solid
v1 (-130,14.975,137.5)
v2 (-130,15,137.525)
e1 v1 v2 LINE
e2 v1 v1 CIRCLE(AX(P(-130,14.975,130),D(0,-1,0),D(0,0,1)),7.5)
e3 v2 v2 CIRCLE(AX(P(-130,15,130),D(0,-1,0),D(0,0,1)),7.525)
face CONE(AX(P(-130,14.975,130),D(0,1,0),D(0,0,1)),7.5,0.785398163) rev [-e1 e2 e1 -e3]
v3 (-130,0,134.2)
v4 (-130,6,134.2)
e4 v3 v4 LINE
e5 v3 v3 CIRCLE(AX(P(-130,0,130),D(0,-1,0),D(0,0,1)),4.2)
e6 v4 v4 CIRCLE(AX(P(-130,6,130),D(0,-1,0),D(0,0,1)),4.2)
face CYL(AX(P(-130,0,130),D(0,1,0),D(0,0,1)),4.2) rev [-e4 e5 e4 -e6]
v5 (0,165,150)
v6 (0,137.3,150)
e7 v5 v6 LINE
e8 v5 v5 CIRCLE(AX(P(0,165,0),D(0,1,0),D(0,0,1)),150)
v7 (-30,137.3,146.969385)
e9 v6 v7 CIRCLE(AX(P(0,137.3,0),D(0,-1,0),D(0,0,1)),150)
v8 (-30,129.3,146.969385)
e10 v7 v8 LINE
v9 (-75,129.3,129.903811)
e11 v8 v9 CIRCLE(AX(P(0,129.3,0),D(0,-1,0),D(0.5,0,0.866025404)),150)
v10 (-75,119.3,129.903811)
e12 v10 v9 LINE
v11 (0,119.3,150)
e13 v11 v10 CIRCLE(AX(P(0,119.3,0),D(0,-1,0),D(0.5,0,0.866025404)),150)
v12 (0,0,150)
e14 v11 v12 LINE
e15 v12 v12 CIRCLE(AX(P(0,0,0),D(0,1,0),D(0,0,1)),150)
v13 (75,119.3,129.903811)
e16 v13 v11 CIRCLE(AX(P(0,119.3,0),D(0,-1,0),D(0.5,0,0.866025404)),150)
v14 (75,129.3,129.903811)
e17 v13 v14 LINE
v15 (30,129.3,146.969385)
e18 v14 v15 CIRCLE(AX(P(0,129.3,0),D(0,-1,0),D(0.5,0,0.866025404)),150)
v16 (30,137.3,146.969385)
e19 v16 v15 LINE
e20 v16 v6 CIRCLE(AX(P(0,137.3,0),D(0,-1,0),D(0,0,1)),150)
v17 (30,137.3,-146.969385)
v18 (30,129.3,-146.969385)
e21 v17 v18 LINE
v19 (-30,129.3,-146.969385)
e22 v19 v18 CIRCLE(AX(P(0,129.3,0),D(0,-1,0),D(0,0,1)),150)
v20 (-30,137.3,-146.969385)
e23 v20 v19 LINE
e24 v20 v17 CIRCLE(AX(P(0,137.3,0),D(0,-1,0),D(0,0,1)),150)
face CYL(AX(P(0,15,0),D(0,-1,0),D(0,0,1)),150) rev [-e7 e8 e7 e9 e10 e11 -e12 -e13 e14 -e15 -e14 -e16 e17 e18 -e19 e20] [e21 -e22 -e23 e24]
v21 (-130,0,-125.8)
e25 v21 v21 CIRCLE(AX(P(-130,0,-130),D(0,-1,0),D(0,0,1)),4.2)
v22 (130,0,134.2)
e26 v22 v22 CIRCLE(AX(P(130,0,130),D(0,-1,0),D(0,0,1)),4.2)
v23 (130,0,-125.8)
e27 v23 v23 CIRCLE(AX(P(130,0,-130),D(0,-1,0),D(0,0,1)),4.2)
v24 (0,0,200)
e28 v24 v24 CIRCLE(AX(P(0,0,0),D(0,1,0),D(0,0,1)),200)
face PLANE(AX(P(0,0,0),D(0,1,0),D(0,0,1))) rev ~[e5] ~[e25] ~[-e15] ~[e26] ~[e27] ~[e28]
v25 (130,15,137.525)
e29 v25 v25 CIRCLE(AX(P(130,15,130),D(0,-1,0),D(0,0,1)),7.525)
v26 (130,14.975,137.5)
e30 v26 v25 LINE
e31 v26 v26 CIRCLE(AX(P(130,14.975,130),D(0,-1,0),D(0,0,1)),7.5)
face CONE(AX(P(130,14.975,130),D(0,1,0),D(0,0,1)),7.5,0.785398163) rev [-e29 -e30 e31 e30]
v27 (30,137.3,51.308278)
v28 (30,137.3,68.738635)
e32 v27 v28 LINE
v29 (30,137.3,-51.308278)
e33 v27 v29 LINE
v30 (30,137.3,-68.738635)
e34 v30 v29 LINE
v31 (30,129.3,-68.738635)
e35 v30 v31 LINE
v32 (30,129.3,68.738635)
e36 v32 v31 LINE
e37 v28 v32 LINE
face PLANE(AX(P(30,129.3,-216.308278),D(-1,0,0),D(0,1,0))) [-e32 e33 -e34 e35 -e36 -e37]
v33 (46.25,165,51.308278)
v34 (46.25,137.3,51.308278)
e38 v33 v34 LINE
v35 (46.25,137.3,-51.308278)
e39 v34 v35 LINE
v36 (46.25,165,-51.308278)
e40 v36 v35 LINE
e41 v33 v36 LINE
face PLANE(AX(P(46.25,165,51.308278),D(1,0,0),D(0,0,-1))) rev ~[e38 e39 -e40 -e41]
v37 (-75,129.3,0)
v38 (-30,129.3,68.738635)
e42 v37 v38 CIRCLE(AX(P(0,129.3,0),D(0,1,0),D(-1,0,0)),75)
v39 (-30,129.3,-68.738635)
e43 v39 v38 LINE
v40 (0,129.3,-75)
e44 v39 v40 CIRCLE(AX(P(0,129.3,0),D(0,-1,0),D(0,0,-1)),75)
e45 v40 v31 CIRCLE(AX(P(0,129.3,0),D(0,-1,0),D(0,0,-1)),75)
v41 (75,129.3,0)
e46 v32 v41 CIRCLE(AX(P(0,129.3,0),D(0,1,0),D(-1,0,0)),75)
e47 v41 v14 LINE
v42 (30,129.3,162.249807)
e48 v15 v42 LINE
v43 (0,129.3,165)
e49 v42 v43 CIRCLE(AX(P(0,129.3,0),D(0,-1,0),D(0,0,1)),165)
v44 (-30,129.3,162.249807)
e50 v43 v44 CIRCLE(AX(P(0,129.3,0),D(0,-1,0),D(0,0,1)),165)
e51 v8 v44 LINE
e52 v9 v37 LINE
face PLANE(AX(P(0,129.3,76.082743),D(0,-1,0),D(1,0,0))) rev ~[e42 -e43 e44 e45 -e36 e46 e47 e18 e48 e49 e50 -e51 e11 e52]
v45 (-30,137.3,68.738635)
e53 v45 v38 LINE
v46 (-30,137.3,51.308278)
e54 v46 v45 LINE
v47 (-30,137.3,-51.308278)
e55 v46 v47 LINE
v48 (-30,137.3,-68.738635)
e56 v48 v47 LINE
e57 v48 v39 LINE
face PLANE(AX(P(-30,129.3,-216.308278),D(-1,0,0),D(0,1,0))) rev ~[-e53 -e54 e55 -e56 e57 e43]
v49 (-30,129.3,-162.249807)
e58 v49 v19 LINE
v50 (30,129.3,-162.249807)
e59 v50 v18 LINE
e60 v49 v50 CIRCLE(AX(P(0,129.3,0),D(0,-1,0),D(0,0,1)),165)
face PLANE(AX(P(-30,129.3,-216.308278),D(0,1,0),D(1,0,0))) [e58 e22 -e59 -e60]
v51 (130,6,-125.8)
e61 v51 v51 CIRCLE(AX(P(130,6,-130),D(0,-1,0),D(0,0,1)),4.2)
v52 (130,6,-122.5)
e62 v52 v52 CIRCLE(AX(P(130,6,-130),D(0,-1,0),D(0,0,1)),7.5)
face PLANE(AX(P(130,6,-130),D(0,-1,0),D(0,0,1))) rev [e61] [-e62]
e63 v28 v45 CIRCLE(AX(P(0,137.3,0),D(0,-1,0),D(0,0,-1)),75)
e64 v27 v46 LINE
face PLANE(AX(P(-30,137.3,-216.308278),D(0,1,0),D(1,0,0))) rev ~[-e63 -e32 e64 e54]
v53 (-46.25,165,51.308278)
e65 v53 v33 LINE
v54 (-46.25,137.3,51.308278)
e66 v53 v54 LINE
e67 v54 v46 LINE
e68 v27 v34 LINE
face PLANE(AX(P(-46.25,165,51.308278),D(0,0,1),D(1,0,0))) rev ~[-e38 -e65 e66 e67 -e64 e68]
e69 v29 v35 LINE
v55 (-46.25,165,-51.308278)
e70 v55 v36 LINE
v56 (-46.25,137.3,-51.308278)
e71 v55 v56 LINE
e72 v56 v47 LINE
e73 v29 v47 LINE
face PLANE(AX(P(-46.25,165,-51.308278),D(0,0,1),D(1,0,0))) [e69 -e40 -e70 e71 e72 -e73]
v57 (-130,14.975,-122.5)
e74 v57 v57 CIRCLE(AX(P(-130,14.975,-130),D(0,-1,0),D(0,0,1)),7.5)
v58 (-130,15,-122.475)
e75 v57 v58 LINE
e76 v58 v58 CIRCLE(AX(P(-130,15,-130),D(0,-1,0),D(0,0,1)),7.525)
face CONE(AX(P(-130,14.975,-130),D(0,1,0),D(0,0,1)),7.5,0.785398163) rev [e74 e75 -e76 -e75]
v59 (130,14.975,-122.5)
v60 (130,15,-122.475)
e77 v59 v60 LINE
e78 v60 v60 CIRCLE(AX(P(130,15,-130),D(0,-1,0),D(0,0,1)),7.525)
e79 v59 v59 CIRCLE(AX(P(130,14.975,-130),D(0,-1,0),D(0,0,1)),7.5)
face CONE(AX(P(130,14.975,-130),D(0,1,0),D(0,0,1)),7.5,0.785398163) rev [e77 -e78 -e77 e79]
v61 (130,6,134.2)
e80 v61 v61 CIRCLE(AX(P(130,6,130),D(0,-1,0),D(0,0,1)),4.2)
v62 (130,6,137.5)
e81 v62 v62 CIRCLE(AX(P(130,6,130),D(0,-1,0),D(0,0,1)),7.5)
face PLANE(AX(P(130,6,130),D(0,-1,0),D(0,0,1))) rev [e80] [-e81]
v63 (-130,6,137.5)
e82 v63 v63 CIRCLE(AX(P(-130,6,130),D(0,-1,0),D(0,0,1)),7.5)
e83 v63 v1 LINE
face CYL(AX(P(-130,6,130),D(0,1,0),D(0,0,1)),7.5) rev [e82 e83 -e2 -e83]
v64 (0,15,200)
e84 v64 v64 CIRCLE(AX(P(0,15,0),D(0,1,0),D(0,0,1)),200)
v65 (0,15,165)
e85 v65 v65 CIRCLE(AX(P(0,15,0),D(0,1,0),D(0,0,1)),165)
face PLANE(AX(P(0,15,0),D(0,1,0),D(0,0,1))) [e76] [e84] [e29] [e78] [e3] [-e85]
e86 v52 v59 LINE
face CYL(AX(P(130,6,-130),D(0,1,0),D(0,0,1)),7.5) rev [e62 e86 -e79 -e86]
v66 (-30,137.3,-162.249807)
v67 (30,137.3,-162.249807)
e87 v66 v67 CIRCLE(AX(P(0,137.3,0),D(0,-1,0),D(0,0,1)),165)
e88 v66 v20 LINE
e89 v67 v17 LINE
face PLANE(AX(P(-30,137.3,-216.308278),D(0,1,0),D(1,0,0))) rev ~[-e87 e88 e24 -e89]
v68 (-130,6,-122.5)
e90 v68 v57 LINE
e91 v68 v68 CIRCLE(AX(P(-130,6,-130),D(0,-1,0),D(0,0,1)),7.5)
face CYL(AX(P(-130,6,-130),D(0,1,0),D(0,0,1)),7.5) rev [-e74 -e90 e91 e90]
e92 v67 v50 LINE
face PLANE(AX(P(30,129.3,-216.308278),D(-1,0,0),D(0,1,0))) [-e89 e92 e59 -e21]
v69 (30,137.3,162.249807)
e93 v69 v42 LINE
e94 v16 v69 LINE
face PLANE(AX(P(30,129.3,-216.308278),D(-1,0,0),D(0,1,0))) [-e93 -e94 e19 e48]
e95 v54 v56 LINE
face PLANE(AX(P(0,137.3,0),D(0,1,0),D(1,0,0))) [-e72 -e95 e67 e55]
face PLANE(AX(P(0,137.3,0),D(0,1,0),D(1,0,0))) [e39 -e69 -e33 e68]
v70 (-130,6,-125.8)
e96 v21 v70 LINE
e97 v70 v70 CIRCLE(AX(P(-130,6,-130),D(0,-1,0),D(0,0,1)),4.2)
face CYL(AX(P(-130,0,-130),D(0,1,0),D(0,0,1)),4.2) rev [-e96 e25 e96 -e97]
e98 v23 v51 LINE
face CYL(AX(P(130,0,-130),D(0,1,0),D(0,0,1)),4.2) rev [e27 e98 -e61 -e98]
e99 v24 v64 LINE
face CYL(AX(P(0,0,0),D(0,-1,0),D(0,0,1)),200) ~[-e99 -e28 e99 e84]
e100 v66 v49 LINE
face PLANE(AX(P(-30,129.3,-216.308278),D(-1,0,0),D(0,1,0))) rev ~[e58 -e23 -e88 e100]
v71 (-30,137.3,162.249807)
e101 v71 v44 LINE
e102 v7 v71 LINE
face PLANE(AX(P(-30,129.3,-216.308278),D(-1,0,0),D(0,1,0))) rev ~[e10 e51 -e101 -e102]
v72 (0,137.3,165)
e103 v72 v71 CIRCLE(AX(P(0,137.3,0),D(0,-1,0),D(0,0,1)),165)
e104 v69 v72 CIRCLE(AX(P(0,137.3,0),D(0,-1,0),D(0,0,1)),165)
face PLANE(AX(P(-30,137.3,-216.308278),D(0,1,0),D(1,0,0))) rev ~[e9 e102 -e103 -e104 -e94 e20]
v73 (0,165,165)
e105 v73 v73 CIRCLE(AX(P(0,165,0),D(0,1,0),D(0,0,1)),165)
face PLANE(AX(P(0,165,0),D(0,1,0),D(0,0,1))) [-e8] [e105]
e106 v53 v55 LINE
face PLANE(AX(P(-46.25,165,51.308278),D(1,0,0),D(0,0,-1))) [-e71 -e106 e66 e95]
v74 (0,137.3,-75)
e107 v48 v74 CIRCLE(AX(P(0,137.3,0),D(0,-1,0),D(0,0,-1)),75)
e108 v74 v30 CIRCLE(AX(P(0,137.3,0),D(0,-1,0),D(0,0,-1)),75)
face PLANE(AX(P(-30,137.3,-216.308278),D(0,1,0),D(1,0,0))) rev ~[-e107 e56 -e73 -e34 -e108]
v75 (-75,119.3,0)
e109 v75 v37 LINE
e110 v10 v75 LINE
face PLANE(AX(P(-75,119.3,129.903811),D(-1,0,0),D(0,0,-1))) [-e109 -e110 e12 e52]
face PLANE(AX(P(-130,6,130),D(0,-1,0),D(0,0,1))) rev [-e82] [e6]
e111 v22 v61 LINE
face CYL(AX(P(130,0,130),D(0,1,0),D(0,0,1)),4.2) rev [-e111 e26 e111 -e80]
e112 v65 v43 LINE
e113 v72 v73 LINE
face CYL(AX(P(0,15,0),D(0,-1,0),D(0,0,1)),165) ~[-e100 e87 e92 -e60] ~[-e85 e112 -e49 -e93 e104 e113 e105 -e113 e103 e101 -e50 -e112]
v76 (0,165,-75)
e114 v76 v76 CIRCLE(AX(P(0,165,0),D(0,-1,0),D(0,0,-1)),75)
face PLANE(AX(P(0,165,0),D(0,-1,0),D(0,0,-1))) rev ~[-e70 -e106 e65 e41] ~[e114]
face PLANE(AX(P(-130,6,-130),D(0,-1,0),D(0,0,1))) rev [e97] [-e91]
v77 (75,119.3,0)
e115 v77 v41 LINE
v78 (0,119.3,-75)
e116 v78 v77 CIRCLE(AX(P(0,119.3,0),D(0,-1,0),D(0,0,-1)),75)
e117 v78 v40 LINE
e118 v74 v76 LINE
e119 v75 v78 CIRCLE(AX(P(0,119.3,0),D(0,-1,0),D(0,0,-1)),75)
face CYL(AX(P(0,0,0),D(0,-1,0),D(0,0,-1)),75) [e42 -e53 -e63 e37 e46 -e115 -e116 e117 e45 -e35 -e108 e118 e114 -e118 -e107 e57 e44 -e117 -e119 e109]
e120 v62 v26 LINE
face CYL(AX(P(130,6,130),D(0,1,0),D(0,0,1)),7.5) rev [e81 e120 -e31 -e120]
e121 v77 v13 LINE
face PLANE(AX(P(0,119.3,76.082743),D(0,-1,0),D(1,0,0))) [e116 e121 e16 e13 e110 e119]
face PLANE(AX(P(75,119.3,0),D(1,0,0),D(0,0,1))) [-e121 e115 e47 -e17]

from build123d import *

# Parameters (mm, degrees)
SKETCH_1_R                  = 200
SKETCH_1_R_2                = 150
EXTRUDE_1_DEPTH             = 15
SKETCH_2_R                  = 165
SKETCH_2_R_2                = 150
EXTRUDE_2_DEPTH             = 150
HOLE_WIZARD_M8_1_AT_2_COUNT = 2
HOLE_WIZARD_M8_1_AT_2_PITCH = 260
HOLE_WIZARD_M8_1_AT_3_COUNT = 2
HOLE_WIZARD_M8_1_AT_3_PITCH = 367.695526217
HOLE_WIZARD_M8_1_AT_4_COUNT = 2
HOLE_WIZARD_M8_1_AT_4_PITCH = 260
SKETCH_8_R                  = 75
EXTRUDE_5_DEPTH             = 165
SKETCH_11_W                 = 92.5
SKETCH_11_H                 = 102.616555874
CUT_EXTRUDE_3_DEPTH         = 27.7
SKETCH_12_W                 = 60
SKETCH_12_H                 = 102.616555874
CUT_EXTRUDE_6_DEPTH         = 8
CUT_EXTRUDE_7_DEPTH         = 220
CUT_EXTRUDE_7_DEPTH_BACK    = 165
SKETCH_14_W                 = 60
SKETCH_14_H                 = 8
SKETCH_15_R                 = 75
CUT_EXTRUDE_8_DEPTH         = 119.3
EXTRUDE_6_DEPTH             = 10


with BuildPart() as part:
    # 草图1 → 凸台-拉伸1 (new body)
    with BuildSketch(Plane(origin=(0, 0, 0), x_dir=(1, 0, 0), z_dir=(0, 1, 0))):
        with Locations(Location((0, 0, 0), (0, 0, 270))):
            Circle(SKETCH_1_R)
        with Locations(Location((0, 0, 0), (0, 0, 270))):
            Circle(SKETCH_1_R_2, mode=Mode.SUBTRACT)
    extrude(amount=EXTRUDE_1_DEPTH)

    # 草图2 → 凸台-拉伸2 (add)
    with BuildSketch(Plane(origin=(0, 15, 0), x_dir=(1, 0, 0), z_dir=(0, 1, 0))):
        with Locations(Location((0, 0, 0), (0, 0, 270))):
            Circle(SKETCH_2_R)
        with Locations(Location((0, 0, 0), (0, 0, 270))):
            Circle(SKETCH_2_R_2, mode=Mode.SUBTRACT)
    extrude(amount=EXTRUDE_2_DEPTH)

    # 草图5 → M8 六角圆柱头螺钉的柱形沉头孔1 (revolve, cut)
    with BuildSketch(Plane(origin=(-130, 15, -130), x_dir=(0, 0, 1), z_dir=(1, 0, 0))):
        Polygon((0, 0), (0, 15), (4.2, 15), (4.2, 9), (7.5, 9), (7.5, 0.025), (7.525, 0), align=None)
    hole_wizard_m8_1 = revolve(axis=Axis((-130, 21.35, -130), (0, -1, 0)), mode=Mode.SUBTRACT)

    # M8 六角圆柱头螺钉的柱形沉头孔1 at 2: M8 六角圆柱头螺钉的柱形沉头孔1 ×2
    with Locations(*[(i * HOLE_WIZARD_M8_1_AT_2_PITCH, 0, 0) for i in range(1, HOLE_WIZARD_M8_1_AT_2_COUNT)]):
        add(hole_wizard_m8_1, mode=Mode.SUBTRACT)

    # M8 六角圆柱头螺钉的柱形沉头孔1 at 3: M8 六角圆柱头螺钉的柱形沉头孔1 ×2
    with Locations(*[Vector(0.7071067811865476, 0, 0.7071067811865476) * (i * HOLE_WIZARD_M8_1_AT_3_PITCH) for i in range(1, HOLE_WIZARD_M8_1_AT_3_COUNT)]):
        add(hole_wizard_m8_1, mode=Mode.SUBTRACT)

    # M8 六角圆柱头螺钉的柱形沉头孔1 at 4: M8 六角圆柱头螺钉的柱形沉头孔1 ×2
    with Locations(*[(0, 0, i * HOLE_WIZARD_M8_1_AT_4_PITCH) for i in range(1, HOLE_WIZARD_M8_1_AT_4_COUNT)]):
        add(hole_wizard_m8_1, mode=Mode.SUBTRACT)


with BuildPart() as body_2:
    # 草图8 → 凸台-拉伸5 (new body)
    with BuildSketch(Plane.XZ):
        with Locations(Location((0, 0, 0), (0, 0, 270))):
            Circle(SKETCH_8_R)
    extrude(amount=-EXTRUDE_5_DEPTH)

    # 草图11 → 切除-拉伸3 (cut)
    with BuildSketch(Plane(origin=(0, 165, 0), x_dir=(1, 0, 0), z_dir=(0, 1, 0))):
        Rectangle(SKETCH_11_W, SKETCH_11_H)
    extrude(amount=-CUT_EXTRUDE_3_DEPTH, mode=Mode.SUBTRACT)

    # 草图12 → 切除-拉伸6 (cut)
    with BuildSketch(Plane(origin=(0, 137.3, 0), x_dir=(1, 0, 0), z_dir=(0, 1, 0))):
        Rectangle(SKETCH_12_W, SKETCH_12_H)
    extrude(amount=-CUT_EXTRUDE_6_DEPTH, mode=Mode.SUBTRACT)


with BuildPart() as cut_extrude_7_tool:
    # 草图14 → 切除-拉伸7 (new, two sides: drawn at the far end of the back side and taken through both)
    with BuildSketch(Plane.XY.offset(-51.308277937).offset(-CUT_EXTRUDE_7_DEPTH_BACK)):
        with Locations((0, 133.3)):
            Rectangle(SKETCH_14_W, SKETCH_14_H)
    extrude(amount=CUT_EXTRUDE_7_DEPTH + CUT_EXTRUDE_7_DEPTH_BACK)


with BuildPart() as part_1:
    add(part.part)

    # 切除-拉伸7: cut by cut_extrude_7_tool
    add(cut_extrude_7_tool.part, mode=Mode.SUBTRACT)



with BuildPart() as body_2_1:
    add(body_2.part)

    # 切除-拉伸7: cut by cut_extrude_7_tool
    add(cut_extrude_7_tool.part, mode=Mode.SUBTRACT)

    # 草图15 → 切除-拉伸8 (cut)
    with BuildSketch(Plane.XZ):
        with Locations(Location((0, 0, 0), (0, 0, 270))):
            Circle(SKETCH_15_R)
    extrude(amount=-CUT_EXTRUDE_8_DEPTH, mode=Mode.SUBTRACT)


with BuildPart() as part_2:
    add(part_1.part)

    add(body_2_1.part)  # 凸台-拉伸6 merges body 2
    # 草图16 → 凸台-拉伸6 (add)
    with BuildSketch(Plane.XZ.offset(-119.3)):
        with BuildLine():
            Line((-75, 129.903810568), (-75, 0))
            ThreePointArc((-75, 0), (0, 75), (75, 0))
            Line((75, 0), (75, 129.903810568))
            ThreePointArc((75, 129.903810568), (0, 150), (-75, 129.903810568))
        make_face()
    extrude(amount=-EXTRUDE_6_DEPTH)


solid = part_2.part
